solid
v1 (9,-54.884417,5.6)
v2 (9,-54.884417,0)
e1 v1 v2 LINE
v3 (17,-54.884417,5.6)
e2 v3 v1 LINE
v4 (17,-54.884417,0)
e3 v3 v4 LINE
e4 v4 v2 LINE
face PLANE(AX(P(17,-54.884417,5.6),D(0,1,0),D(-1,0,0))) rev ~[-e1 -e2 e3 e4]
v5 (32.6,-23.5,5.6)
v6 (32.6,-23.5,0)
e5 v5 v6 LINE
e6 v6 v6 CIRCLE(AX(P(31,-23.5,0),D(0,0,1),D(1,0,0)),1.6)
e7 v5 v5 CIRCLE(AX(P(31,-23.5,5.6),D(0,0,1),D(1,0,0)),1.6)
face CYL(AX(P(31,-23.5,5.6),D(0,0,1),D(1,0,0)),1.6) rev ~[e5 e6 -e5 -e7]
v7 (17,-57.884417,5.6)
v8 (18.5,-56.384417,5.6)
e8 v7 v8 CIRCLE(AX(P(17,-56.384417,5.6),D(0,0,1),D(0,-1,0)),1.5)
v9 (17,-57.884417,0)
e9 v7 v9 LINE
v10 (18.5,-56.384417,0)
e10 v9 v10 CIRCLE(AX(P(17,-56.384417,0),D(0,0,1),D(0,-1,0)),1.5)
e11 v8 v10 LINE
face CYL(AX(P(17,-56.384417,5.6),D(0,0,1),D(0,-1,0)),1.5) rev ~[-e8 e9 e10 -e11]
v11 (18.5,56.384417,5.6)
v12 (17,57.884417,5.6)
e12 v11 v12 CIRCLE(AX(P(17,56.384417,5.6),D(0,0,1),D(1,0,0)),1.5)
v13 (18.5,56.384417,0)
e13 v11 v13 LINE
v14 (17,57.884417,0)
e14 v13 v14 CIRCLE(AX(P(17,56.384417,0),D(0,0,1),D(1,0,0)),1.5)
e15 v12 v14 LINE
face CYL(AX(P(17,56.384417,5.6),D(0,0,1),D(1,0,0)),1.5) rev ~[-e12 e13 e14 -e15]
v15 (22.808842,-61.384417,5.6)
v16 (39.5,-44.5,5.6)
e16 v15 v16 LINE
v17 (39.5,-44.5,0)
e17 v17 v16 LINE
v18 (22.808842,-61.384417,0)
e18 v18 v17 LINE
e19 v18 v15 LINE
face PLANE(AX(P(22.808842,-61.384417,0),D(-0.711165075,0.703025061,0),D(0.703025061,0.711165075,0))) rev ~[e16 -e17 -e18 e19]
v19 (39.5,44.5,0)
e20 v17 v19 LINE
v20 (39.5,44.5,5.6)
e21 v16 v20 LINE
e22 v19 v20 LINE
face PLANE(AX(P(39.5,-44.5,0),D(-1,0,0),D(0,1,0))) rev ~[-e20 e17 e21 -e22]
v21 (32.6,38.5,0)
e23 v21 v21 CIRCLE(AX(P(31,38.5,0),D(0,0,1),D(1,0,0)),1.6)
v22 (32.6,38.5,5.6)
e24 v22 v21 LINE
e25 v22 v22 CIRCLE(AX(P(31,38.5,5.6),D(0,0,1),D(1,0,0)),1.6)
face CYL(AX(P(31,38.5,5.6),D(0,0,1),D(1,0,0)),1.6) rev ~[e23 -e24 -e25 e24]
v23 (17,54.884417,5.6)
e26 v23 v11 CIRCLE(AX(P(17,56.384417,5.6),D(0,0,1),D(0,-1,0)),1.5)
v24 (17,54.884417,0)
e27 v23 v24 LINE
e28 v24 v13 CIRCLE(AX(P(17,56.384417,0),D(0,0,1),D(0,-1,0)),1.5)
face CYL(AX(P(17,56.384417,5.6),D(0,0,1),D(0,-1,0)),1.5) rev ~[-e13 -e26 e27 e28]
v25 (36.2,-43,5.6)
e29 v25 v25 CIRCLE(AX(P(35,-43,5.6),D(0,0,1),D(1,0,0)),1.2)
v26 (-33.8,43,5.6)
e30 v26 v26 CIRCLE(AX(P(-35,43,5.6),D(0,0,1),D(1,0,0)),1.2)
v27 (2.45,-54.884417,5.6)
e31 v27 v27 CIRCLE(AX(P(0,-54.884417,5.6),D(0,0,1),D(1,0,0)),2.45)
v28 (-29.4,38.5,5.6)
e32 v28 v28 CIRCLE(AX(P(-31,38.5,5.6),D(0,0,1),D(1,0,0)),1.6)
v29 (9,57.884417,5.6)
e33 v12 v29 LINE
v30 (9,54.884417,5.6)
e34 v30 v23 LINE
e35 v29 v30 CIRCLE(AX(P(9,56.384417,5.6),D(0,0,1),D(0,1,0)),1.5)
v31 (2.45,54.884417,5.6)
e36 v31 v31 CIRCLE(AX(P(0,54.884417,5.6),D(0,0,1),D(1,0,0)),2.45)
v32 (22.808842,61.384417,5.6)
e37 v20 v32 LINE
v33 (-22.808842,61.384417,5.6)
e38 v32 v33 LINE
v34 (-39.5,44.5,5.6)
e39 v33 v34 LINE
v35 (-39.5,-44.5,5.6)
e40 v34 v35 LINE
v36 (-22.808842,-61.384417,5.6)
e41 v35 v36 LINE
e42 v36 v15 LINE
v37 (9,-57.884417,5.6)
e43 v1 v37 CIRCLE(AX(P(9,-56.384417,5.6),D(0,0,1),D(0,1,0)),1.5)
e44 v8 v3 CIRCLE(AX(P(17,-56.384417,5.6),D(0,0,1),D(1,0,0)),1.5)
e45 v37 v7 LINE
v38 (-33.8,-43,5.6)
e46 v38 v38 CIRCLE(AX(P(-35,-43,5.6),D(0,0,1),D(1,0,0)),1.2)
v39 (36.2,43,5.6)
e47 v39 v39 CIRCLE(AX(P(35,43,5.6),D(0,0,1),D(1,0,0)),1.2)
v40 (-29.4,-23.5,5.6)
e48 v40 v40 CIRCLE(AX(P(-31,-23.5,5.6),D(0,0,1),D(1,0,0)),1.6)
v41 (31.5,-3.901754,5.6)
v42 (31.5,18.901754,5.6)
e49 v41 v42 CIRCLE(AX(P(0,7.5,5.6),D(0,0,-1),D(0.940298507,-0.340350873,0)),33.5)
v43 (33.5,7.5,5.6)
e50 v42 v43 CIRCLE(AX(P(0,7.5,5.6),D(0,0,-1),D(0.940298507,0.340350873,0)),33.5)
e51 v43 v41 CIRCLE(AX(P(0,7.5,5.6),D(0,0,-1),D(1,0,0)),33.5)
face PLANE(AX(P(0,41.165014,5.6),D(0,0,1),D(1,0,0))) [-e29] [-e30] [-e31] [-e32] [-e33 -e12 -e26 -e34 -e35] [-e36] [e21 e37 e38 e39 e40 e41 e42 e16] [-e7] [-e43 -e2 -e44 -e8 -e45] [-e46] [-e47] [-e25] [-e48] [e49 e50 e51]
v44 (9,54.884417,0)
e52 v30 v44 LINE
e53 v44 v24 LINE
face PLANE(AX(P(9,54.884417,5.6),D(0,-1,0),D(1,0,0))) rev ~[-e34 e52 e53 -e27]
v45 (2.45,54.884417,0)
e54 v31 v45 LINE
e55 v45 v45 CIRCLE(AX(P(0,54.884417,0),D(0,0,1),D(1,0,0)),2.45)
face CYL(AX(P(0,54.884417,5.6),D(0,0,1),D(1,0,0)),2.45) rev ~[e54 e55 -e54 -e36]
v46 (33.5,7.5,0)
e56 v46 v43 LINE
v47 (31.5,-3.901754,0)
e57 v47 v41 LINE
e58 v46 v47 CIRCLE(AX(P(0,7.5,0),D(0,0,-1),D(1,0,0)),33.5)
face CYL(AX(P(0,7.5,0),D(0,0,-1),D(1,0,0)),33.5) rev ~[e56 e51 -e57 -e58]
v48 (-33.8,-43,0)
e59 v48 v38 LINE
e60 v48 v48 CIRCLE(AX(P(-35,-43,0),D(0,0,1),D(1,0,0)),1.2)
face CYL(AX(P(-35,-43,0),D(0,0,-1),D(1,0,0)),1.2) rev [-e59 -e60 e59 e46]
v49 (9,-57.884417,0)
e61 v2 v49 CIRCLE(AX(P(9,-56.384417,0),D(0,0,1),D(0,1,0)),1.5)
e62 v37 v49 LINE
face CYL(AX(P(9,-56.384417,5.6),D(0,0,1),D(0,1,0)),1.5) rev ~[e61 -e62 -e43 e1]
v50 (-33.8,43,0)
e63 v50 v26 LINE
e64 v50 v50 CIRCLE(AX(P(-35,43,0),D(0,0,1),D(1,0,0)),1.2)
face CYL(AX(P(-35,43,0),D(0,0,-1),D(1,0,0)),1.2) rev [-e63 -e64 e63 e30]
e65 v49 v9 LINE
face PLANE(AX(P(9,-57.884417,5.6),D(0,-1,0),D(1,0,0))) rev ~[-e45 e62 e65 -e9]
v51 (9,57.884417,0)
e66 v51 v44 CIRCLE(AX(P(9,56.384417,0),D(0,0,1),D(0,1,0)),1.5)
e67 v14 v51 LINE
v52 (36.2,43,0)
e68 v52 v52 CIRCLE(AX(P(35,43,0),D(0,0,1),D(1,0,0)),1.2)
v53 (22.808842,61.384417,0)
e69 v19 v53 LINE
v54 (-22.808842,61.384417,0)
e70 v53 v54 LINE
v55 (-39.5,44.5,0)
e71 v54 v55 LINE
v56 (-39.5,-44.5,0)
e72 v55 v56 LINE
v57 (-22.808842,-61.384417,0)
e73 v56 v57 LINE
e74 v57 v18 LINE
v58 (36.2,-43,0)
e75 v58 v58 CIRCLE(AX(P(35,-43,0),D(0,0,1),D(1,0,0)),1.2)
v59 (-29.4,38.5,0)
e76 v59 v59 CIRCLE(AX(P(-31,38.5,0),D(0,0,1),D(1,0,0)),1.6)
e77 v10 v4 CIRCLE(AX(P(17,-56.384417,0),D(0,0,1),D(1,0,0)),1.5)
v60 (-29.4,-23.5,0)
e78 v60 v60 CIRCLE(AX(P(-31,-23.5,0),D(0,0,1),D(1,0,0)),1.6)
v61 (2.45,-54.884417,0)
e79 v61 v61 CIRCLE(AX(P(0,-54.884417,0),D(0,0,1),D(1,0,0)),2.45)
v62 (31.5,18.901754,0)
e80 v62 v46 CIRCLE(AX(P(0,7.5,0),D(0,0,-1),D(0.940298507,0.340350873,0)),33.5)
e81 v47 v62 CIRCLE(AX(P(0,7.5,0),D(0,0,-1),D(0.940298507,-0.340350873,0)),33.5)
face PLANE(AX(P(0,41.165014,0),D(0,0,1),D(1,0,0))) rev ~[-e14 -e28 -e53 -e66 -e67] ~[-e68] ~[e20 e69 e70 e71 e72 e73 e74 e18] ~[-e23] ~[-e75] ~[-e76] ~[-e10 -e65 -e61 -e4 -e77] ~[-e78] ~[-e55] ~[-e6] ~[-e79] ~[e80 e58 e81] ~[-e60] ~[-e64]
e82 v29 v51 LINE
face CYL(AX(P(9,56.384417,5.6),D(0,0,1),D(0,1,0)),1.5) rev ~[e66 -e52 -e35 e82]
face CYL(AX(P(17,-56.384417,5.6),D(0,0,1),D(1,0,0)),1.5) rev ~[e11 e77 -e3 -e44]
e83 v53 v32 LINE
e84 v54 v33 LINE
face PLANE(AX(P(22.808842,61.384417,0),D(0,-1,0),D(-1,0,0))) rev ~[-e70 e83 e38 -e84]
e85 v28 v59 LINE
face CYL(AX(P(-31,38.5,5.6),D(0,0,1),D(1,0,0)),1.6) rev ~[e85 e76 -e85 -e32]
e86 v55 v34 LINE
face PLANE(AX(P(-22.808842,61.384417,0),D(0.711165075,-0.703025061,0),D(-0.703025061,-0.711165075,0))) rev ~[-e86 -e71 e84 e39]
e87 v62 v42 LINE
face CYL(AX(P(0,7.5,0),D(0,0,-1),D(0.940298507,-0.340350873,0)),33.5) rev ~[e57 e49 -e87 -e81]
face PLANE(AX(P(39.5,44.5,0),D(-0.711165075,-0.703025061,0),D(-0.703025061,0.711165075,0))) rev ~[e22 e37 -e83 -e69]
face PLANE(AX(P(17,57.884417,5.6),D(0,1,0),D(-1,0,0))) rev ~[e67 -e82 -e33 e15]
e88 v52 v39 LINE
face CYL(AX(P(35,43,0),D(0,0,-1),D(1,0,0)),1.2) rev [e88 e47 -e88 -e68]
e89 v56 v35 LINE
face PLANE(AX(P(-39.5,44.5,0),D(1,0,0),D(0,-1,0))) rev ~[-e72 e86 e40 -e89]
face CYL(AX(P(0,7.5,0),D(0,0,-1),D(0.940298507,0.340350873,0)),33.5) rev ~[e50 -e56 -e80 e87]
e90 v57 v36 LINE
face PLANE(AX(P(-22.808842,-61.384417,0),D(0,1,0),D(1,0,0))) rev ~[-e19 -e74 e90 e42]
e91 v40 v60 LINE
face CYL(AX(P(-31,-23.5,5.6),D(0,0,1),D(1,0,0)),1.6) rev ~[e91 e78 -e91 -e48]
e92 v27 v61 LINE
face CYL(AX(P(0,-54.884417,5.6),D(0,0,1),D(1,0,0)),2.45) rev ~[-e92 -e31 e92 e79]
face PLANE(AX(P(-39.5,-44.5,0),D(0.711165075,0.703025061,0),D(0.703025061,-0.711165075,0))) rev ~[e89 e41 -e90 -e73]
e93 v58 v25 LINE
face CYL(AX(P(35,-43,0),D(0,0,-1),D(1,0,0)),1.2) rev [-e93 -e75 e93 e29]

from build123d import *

# Parameters (mm, degrees)
F0_R     = 1.2
F0_R_2   = 2.05
F1_DEPTH = 5.6
F2_R     = 1.6
F2_R_2   = 2.45
F3_DEPTH = 25


with BuildPart() as f1:
    # F0 (on Top) → F1 (new body)
    with BuildSketch(Plane.XY):
        with BuildLine():
            Line((31.5, 25.5), (39.5, 25.5))
            Line((39.5, 25.5), (39.5, 44.5))
            Line((39.5, 44.5), (22.808842361, 61.3844171166))
            Line((22.808842361, 61.3844171166), (0, 61.3844171166))
            Line((0, 61.3844171166), (-22.808842361, 61.3844171166))
            Line((-22.808842361, 61.3844171166), (-39.5, 44.5))
            Line((-39.5, 44.5), (-39.5, 25.5))
            Line((-39.5, 25.5), (-31.5, 25.5))
            Line((-31.5, 25.5), (-31.5, 18.901754251))
            ThreePointArc((-31.5, 18.901754251), (0, 41), (31.5, 18.901754251))
            Line((31.5, 18.901754251), (31.5, 25.5))
        make_face()
        with Locations((-35, 43)):
            Circle(F0_R, mode=Mode.SUBTRACT)
        with Locations((0, 54.8844171166)):
            Circle(F0_R_2, mode=Mode.SUBTRACT)
        with Locations((35, 43)):
            Circle(F0_R, mode=Mode.SUBTRACT)
        with BuildLine():
            Line((22.808842361, -61.3844171166), (39.5, -44.5))
            Line((39.5, -44.5), (39.5, -9.5))
            Line((39.5, -9.5), (31.5, -9.5))
            Line((31.5, -9.5), (31.5, -3.901754251))
            ThreePointArc((31.5, -3.901754251), (0, -26), (-31.5, -3.901754251))
            Line((-31.5, -3.901754251), (-31.5, -9.5))
            Line((-31.5, -9.5), (-39.5, -9.5))
            Line((-39.5, -9.5), (-39.5, -44.5))
            Line((-39.5, -44.5), (-22.808842361, -61.3844171166))
            Line((-22.808842361, -61.3844171166), (0, -61.3844171166))
            Line((0, -61.3844171166), (22.808842361, -61.3844171166))
        make_face()
        with Locations((-35, -43)):
            Circle(F0_R, mode=Mode.SUBTRACT)
        with Locations((0, -54.8844171166)):
            Circle(F0_R_2, mode=Mode.SUBTRACT)
        with Locations((35, -43)):
            Circle(F0_R, mode=Mode.SUBTRACT)
        with BuildLine():
            Line((-31.5, -9.5), (-31.5, -3.901754251))
            ThreePointArc((-31.5, -3.901754251), (-33.5, 7.5), (-31.5, 18.901754251))
            Line((-31.5, 18.901754251), (-31.5, 25.5))
            Line((-31.5, 25.5), (-39.5, 25.5))
            Line((-39.5, 25.5), (-39.5, -9.5))
            Line((-39.5, -9.5), (-31.5, -9.5))
        make_face()
        with BuildLine():
            Line((31.5, -9.5), (39.5, -9.5))
            Line((39.5, -9.5), (39.5, 25.5))
            Line((39.5, 25.5), (31.5, 25.5))
            Line((31.5, 25.5), (31.5, 18.901754251))
            ThreePointArc((31.5, 18.901754251), (32.9962119038, 13.2879184514), (33.5, 7.5))
            ThreePointArc((33.5, 7.5), (32.9962119038, 1.7120815486), (31.5, -3.901754251))
            Line((31.5, -3.901754251), (31.5, -9.5))
        make_face()
    extrude(amount=F1_DEPTH)

    # F2 (on face) → F3 (cut)
    with BuildSketch(Plane.XY.offset(5.6)):
        with Locations((-31, 38.5)):
            Circle(F2_R)
        with Locations((31, 38.5)):
            Circle(F2_R)
        with Locations((-31, -23.5)):
            Circle(F2_R)
        with Locations((31, -23.5)):
            Circle(F2_R)
        with Locations((0, 54.8844171166)):
            Circle(F2_R_2)
        with Locations((0, -54.8844171166)):
            Circle(F2_R_2)
        with BuildLine():
            ThreePointArc((10.5, 56.3844171166), (10.0606601718, 57.4450772884), (9, 57.8844171166))
            Line((9, 57.8844171166), (9, 54.8844171166))
            ThreePointArc((9, 54.8844171166), (10.0606601718, 55.3237569449), (10.5, 56.3844171166))
        make_face()
        with BuildLine():
            Line((17, 57.8844171166), (9, 57.8844171166))
            ThreePointArc((9, 57.8844171166), (10.0606601718, 57.4450772884), (10.5, 56.3844171166))
            ThreePointArc((10.5, 56.3844171166), (10.0606601718, 55.3237569449), (9, 54.8844171166))
            Line((9, 54.8844171166), (17, 54.8844171166))
            ThreePointArc((17, 54.8844171166), (15.5, 56.3844171166), (17, 57.8844171166))
        make_face()
        with BuildLine():
            Line((9, 54.8844171166), (9, 57.8844171166))
            ThreePointArc((9, 57.8844171166), (7.5, 56.3844171166), (9, 54.8844171166))
        make_face()
        with BuildLine():
            ThreePointArc((18.5, 56.3844171166), (18.0606601718, 57.4450772884), (17, 57.8844171166))
            Line((17, 57.8844171166), (17, 54.8844171166))
            ThreePointArc((17, 54.8844171166), (18.0606601718, 55.3237569449), (18.5, 56.3844171166))
        make_face()
        with BuildLine():
            Line((17, 54.8844171166), (17, 57.8844171166))
            ThreePointArc((17, 57.8844171166), (15.5, 56.3844171166), (17, 54.8844171166))
        make_face()
        with BuildLine():
            ThreePointArc((9, -57.8844171166), (10.0606601718, -57.4450772884), (10.5, -56.3844171166))
            ThreePointArc((10.5, -56.3844171166), (10.0606601718, -55.3237569449), (9, -54.8844171166))
            ThreePointArc((9, -54.8844171166), (7.5, -56.3844171166), (9, -57.8844171166))
        make_face()
        with BuildLine():
            ThreePointArc((9, -54.8844171166), (10.0606601718, -55.3237569449), (10.5, -56.3844171166))
            ThreePointArc((10.5, -56.3844171166), (10.0606601718, -57.4450772884), (9, -57.8844171166))
            Line((9, -57.8844171166), (17, -57.8844171166))
            ThreePointArc((17, -57.8844171166), (15.5, -56.3844171166), (17, -54.8844171166))
            Line((17, -54.8844171166), (9, -54.8844171166))
        make_face()
        with BuildLine():
            ThreePointArc((18.5, -56.3844171166), (18.0606601718, -55.3237569449), (17, -54.8844171166))
            ThreePointArc((17, -54.8844171166), (15.5, -56.3844171166), (17, -57.8844171166))
            ThreePointArc((17, -57.8844171166), (18.0606601718, -57.4450772884), (18.5, -56.3844171166))
        make_face()
    extrude(amount=-F3_DEPTH, mode=Mode.SUBTRACT)


solid = f1.part
